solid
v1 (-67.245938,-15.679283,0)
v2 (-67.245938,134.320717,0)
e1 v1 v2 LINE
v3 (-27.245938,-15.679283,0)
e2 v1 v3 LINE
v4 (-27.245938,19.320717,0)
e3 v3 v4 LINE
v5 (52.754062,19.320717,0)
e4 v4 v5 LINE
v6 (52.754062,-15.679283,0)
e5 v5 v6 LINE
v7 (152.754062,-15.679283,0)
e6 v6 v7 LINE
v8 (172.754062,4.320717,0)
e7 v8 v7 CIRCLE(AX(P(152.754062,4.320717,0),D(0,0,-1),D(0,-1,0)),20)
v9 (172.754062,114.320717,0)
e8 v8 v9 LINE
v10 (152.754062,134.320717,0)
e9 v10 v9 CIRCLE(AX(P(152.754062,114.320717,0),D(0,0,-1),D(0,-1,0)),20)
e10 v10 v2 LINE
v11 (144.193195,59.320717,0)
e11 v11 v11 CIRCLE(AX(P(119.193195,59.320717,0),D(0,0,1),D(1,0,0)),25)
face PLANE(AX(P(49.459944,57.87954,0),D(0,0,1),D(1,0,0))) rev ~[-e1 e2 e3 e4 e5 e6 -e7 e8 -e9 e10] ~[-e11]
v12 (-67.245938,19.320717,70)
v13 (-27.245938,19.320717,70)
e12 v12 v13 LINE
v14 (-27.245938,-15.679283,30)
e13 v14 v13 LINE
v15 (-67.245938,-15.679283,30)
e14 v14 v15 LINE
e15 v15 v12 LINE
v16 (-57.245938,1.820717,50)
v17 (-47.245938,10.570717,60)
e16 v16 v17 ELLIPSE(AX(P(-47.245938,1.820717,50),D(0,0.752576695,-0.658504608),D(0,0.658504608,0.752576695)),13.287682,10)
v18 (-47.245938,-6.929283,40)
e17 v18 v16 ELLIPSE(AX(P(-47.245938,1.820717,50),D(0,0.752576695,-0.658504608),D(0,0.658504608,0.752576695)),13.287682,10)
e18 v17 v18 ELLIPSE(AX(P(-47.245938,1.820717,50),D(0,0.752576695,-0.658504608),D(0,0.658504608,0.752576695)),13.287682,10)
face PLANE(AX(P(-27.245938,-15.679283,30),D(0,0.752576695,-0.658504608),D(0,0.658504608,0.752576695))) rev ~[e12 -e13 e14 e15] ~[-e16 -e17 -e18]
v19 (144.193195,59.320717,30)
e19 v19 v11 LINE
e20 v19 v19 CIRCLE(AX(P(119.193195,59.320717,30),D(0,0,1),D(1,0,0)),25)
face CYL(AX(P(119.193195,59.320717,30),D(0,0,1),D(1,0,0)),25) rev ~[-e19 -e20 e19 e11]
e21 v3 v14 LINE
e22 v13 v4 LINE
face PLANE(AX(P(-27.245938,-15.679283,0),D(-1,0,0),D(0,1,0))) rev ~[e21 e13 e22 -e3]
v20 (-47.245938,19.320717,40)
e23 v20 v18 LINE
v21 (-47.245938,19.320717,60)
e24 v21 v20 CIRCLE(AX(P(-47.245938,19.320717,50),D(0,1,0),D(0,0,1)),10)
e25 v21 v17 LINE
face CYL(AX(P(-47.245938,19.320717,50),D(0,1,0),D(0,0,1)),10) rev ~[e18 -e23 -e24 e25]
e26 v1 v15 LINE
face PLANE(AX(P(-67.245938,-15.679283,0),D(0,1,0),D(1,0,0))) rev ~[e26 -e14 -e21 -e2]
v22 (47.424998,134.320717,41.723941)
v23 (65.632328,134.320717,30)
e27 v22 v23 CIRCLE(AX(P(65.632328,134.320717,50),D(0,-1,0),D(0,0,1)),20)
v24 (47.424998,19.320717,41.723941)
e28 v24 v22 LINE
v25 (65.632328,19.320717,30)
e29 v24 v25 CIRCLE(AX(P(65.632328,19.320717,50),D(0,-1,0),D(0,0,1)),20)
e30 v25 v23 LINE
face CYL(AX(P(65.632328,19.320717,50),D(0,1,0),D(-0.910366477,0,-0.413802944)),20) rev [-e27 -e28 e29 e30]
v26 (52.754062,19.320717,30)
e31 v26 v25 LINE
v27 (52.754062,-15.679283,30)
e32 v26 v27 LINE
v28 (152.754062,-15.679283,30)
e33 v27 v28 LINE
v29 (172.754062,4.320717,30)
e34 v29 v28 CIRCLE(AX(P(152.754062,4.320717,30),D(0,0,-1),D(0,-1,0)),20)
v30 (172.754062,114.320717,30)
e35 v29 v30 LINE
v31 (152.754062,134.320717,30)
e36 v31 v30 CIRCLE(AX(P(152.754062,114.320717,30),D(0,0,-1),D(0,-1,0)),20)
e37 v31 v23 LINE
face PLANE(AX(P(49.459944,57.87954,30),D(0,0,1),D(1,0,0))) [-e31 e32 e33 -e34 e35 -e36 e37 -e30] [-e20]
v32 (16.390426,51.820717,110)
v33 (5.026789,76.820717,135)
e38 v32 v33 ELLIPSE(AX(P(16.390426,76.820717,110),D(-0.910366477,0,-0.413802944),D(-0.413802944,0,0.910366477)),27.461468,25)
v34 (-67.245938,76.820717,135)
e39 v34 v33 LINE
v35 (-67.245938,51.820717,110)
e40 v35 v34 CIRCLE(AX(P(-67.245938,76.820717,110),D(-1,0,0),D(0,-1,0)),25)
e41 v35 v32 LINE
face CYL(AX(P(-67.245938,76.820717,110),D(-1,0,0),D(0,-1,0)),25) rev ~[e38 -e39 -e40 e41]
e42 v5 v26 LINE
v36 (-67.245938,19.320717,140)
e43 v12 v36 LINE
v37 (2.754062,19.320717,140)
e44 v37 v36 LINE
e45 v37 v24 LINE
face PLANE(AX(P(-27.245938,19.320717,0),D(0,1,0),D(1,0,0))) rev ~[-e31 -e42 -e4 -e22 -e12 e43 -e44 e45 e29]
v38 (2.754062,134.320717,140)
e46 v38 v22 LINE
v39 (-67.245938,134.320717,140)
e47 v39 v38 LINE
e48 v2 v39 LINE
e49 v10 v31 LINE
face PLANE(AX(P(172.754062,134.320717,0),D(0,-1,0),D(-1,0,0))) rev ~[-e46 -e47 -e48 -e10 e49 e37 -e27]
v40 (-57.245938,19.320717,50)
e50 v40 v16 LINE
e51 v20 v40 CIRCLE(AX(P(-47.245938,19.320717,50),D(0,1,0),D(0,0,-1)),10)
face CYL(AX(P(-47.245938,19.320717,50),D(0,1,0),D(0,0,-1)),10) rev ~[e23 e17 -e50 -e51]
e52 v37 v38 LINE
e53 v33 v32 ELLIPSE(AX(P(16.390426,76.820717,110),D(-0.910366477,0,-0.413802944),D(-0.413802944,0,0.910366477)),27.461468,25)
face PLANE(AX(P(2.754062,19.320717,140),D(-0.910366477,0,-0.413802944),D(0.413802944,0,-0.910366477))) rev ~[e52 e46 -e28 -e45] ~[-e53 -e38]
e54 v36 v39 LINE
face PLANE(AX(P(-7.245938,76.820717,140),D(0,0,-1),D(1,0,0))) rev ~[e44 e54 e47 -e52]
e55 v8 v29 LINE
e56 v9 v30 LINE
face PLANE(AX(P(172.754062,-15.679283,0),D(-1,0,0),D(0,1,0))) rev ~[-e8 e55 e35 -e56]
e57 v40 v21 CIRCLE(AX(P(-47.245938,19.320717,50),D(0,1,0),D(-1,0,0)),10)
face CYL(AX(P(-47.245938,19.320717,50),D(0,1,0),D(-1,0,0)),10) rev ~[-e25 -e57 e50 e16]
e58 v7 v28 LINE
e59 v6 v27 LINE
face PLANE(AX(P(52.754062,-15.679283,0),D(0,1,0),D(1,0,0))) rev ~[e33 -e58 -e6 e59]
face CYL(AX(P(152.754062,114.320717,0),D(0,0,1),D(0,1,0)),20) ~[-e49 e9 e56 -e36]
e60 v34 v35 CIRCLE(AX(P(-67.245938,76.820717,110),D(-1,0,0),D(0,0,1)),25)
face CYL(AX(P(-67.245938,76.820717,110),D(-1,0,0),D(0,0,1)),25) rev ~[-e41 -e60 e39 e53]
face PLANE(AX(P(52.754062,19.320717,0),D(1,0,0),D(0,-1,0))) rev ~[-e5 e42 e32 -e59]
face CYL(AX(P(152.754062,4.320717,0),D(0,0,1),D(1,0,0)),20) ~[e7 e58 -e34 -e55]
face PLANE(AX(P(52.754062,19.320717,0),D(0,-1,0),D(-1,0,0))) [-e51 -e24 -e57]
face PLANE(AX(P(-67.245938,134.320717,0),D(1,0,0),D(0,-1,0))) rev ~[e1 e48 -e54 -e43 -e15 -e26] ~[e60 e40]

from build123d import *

# Parameters (mm, degrees)
F1_W      = 40
F1_H      = 35
F2_DEPTH  = 70
F3_DEPTH  = 30
F5_DEPTH  = 103
F6_R      = 20
F8_DEPTH  = 28
F10_DEPTH = 140
F12_DEPTH = 1016
F13_R     = 20
F15_DEPTH = 80
F17_DEPTH = 396


with BuildPart() as f2:
    # F1 (on face) → F2 (new body)
    with BuildSketch(Plane.XY):
        with Locations((-47.2459378839, 1.8207169324)):
            Rectangle(F1_W, F1_H)
    extrude(amount=F2_DEPTH)

    # F0 (on Top) → F3 (join)
    with BuildSketch(Plane.XY):
        Polygon((172.7540621161, 134.3207169324), (-67.2459378839, 134.3207169324), (-67.2459378839, -15.6792830676), (-27.2459378839, -15.6792830676), (-27.2459378839, 19.3207169324), (52.7540621161, 19.3207169324), (52.7540621161, -15.6792830676), (172.7540621161, -15.6792830676), align=None)
    extrude(amount=F3_DEPTH)

    # F4 (on face) → F5 (cut)
    with BuildSketch(Plane.YZ.offset(-27.2459378839)):
        Polygon((-15.6792830676, 70), (-15.6792830676, 30), (19.3207169324, 70), align=None)
    extrude(amount=-F5_DEPTH, mode=Mode.SUBTRACT)

    # F6
    f6_edges = [f2.edges().sort_by_distance(p)[0] for p in [
        (172.754062, -15.679283, 15),
        (172.754062, 134.320717, 15),
    ]]
    fillet(f6_edges, radius=F6_R)

    # F7 (on face) → F8 (cut)
    with BuildSketch(Plane(origin=(0, 19.3207169324, 0), x_dir=(-1, 0, 0), z_dir=(0, 1, 0))):
        with BuildLine():
            ThreePointArc((57.2459378839, 50), (54.3170056957, 57.0710678119), (47.2459378839, 60))
            Line((47.2459378839, 60), (47.2459378839, 40))
            ThreePointArc((47.2459378839, 40), (54.3170056957, 42.9289321881), (57.2459378839, 50))
        make_face()
        with BuildLine():
            Line((47.2459378839, 40), (47.2459378839, 60))
            ThreePointArc((47.2459378839, 60), (37.2459378839, 50), (47.2459378839, 40))
        make_face()
    extrude(amount=-F8_DEPTH, mode=Mode.SUBTRACT)

    # F9 (on face) → F10 (join)
    with BuildSketch(Plane(origin=(0, 0, 0), x_dir=(1, 0, 0), z_dir=(0, 0, -1))):
        Polygon((52.7540621161, -134.3207169324), (52.7540621161, -19.3207169324), (-27.2459378839, -19.3207169324), (-67.2459378839, -19.3207169324), (-67.2459378839, -134.3207169324), align=None)
    extrude(amount=-F10_DEPTH)

    # F11 (on face) → F12 (cut)
    with BuildSketch(Plane.XZ.offset(-19.3207169324)):
        Polygon((52.7540621161, 140), (2.7540621161, 140), (52.7540621161, 30), align=None)
    extrude(amount=-F12_DEPTH, mode=Mode.SUBTRACT)

    # F13
    f13_edges = [f2.edges().sort_by_distance(p)[0] for p in [
        (52.754062, 76.820717, 30),
    ]]
    fillet(f13_edges, radius=F13_R)

    # F14 (on face) → F15 (cut)
    with BuildSketch(Plane.XY.offset(30)):
        with BuildLine():
            ThreePointArc((94.1931948194, 59.3207169324), (119.1931948194, 34.3207169324), (144.1931948194, 59.3207169324))
            Line((144.1931948194, 59.3207169324), (94.1931948194, 59.3207169324))
        make_face()
        with BuildLine():
            Line((94.1931948194, 59.3207169324), (144.1931948194, 59.3207169324))
            ThreePointArc((144.1931948194, 59.3207169324), (119.1931948194, 84.3207169324), (94.1931948194, 59.3207169324))
        make_face()
    extrude(amount=-F15_DEPTH, mode=Mode.SUBTRACT)

    # F16 (on face) → F17 (cut)
    with BuildSketch(Plane(origin=(-67.2459378839, 0, 0), x_dir=(0, -1, 0), z_dir=(-1, 0, 0))):
        with BuildLine():
            ThreePointArc((-76.8207169324, 135), (-94.4983864621, 92.3223304703), (-51.8207169324, 110))
            ThreePointArc((-51.8207169324, 110), (-59.1430474028, 127.6776695297), (-76.8207169324, 135))
        make_face()
    extrude(amount=-F17_DEPTH, mode=Mode.SUBTRACT)


solid = f2.part
